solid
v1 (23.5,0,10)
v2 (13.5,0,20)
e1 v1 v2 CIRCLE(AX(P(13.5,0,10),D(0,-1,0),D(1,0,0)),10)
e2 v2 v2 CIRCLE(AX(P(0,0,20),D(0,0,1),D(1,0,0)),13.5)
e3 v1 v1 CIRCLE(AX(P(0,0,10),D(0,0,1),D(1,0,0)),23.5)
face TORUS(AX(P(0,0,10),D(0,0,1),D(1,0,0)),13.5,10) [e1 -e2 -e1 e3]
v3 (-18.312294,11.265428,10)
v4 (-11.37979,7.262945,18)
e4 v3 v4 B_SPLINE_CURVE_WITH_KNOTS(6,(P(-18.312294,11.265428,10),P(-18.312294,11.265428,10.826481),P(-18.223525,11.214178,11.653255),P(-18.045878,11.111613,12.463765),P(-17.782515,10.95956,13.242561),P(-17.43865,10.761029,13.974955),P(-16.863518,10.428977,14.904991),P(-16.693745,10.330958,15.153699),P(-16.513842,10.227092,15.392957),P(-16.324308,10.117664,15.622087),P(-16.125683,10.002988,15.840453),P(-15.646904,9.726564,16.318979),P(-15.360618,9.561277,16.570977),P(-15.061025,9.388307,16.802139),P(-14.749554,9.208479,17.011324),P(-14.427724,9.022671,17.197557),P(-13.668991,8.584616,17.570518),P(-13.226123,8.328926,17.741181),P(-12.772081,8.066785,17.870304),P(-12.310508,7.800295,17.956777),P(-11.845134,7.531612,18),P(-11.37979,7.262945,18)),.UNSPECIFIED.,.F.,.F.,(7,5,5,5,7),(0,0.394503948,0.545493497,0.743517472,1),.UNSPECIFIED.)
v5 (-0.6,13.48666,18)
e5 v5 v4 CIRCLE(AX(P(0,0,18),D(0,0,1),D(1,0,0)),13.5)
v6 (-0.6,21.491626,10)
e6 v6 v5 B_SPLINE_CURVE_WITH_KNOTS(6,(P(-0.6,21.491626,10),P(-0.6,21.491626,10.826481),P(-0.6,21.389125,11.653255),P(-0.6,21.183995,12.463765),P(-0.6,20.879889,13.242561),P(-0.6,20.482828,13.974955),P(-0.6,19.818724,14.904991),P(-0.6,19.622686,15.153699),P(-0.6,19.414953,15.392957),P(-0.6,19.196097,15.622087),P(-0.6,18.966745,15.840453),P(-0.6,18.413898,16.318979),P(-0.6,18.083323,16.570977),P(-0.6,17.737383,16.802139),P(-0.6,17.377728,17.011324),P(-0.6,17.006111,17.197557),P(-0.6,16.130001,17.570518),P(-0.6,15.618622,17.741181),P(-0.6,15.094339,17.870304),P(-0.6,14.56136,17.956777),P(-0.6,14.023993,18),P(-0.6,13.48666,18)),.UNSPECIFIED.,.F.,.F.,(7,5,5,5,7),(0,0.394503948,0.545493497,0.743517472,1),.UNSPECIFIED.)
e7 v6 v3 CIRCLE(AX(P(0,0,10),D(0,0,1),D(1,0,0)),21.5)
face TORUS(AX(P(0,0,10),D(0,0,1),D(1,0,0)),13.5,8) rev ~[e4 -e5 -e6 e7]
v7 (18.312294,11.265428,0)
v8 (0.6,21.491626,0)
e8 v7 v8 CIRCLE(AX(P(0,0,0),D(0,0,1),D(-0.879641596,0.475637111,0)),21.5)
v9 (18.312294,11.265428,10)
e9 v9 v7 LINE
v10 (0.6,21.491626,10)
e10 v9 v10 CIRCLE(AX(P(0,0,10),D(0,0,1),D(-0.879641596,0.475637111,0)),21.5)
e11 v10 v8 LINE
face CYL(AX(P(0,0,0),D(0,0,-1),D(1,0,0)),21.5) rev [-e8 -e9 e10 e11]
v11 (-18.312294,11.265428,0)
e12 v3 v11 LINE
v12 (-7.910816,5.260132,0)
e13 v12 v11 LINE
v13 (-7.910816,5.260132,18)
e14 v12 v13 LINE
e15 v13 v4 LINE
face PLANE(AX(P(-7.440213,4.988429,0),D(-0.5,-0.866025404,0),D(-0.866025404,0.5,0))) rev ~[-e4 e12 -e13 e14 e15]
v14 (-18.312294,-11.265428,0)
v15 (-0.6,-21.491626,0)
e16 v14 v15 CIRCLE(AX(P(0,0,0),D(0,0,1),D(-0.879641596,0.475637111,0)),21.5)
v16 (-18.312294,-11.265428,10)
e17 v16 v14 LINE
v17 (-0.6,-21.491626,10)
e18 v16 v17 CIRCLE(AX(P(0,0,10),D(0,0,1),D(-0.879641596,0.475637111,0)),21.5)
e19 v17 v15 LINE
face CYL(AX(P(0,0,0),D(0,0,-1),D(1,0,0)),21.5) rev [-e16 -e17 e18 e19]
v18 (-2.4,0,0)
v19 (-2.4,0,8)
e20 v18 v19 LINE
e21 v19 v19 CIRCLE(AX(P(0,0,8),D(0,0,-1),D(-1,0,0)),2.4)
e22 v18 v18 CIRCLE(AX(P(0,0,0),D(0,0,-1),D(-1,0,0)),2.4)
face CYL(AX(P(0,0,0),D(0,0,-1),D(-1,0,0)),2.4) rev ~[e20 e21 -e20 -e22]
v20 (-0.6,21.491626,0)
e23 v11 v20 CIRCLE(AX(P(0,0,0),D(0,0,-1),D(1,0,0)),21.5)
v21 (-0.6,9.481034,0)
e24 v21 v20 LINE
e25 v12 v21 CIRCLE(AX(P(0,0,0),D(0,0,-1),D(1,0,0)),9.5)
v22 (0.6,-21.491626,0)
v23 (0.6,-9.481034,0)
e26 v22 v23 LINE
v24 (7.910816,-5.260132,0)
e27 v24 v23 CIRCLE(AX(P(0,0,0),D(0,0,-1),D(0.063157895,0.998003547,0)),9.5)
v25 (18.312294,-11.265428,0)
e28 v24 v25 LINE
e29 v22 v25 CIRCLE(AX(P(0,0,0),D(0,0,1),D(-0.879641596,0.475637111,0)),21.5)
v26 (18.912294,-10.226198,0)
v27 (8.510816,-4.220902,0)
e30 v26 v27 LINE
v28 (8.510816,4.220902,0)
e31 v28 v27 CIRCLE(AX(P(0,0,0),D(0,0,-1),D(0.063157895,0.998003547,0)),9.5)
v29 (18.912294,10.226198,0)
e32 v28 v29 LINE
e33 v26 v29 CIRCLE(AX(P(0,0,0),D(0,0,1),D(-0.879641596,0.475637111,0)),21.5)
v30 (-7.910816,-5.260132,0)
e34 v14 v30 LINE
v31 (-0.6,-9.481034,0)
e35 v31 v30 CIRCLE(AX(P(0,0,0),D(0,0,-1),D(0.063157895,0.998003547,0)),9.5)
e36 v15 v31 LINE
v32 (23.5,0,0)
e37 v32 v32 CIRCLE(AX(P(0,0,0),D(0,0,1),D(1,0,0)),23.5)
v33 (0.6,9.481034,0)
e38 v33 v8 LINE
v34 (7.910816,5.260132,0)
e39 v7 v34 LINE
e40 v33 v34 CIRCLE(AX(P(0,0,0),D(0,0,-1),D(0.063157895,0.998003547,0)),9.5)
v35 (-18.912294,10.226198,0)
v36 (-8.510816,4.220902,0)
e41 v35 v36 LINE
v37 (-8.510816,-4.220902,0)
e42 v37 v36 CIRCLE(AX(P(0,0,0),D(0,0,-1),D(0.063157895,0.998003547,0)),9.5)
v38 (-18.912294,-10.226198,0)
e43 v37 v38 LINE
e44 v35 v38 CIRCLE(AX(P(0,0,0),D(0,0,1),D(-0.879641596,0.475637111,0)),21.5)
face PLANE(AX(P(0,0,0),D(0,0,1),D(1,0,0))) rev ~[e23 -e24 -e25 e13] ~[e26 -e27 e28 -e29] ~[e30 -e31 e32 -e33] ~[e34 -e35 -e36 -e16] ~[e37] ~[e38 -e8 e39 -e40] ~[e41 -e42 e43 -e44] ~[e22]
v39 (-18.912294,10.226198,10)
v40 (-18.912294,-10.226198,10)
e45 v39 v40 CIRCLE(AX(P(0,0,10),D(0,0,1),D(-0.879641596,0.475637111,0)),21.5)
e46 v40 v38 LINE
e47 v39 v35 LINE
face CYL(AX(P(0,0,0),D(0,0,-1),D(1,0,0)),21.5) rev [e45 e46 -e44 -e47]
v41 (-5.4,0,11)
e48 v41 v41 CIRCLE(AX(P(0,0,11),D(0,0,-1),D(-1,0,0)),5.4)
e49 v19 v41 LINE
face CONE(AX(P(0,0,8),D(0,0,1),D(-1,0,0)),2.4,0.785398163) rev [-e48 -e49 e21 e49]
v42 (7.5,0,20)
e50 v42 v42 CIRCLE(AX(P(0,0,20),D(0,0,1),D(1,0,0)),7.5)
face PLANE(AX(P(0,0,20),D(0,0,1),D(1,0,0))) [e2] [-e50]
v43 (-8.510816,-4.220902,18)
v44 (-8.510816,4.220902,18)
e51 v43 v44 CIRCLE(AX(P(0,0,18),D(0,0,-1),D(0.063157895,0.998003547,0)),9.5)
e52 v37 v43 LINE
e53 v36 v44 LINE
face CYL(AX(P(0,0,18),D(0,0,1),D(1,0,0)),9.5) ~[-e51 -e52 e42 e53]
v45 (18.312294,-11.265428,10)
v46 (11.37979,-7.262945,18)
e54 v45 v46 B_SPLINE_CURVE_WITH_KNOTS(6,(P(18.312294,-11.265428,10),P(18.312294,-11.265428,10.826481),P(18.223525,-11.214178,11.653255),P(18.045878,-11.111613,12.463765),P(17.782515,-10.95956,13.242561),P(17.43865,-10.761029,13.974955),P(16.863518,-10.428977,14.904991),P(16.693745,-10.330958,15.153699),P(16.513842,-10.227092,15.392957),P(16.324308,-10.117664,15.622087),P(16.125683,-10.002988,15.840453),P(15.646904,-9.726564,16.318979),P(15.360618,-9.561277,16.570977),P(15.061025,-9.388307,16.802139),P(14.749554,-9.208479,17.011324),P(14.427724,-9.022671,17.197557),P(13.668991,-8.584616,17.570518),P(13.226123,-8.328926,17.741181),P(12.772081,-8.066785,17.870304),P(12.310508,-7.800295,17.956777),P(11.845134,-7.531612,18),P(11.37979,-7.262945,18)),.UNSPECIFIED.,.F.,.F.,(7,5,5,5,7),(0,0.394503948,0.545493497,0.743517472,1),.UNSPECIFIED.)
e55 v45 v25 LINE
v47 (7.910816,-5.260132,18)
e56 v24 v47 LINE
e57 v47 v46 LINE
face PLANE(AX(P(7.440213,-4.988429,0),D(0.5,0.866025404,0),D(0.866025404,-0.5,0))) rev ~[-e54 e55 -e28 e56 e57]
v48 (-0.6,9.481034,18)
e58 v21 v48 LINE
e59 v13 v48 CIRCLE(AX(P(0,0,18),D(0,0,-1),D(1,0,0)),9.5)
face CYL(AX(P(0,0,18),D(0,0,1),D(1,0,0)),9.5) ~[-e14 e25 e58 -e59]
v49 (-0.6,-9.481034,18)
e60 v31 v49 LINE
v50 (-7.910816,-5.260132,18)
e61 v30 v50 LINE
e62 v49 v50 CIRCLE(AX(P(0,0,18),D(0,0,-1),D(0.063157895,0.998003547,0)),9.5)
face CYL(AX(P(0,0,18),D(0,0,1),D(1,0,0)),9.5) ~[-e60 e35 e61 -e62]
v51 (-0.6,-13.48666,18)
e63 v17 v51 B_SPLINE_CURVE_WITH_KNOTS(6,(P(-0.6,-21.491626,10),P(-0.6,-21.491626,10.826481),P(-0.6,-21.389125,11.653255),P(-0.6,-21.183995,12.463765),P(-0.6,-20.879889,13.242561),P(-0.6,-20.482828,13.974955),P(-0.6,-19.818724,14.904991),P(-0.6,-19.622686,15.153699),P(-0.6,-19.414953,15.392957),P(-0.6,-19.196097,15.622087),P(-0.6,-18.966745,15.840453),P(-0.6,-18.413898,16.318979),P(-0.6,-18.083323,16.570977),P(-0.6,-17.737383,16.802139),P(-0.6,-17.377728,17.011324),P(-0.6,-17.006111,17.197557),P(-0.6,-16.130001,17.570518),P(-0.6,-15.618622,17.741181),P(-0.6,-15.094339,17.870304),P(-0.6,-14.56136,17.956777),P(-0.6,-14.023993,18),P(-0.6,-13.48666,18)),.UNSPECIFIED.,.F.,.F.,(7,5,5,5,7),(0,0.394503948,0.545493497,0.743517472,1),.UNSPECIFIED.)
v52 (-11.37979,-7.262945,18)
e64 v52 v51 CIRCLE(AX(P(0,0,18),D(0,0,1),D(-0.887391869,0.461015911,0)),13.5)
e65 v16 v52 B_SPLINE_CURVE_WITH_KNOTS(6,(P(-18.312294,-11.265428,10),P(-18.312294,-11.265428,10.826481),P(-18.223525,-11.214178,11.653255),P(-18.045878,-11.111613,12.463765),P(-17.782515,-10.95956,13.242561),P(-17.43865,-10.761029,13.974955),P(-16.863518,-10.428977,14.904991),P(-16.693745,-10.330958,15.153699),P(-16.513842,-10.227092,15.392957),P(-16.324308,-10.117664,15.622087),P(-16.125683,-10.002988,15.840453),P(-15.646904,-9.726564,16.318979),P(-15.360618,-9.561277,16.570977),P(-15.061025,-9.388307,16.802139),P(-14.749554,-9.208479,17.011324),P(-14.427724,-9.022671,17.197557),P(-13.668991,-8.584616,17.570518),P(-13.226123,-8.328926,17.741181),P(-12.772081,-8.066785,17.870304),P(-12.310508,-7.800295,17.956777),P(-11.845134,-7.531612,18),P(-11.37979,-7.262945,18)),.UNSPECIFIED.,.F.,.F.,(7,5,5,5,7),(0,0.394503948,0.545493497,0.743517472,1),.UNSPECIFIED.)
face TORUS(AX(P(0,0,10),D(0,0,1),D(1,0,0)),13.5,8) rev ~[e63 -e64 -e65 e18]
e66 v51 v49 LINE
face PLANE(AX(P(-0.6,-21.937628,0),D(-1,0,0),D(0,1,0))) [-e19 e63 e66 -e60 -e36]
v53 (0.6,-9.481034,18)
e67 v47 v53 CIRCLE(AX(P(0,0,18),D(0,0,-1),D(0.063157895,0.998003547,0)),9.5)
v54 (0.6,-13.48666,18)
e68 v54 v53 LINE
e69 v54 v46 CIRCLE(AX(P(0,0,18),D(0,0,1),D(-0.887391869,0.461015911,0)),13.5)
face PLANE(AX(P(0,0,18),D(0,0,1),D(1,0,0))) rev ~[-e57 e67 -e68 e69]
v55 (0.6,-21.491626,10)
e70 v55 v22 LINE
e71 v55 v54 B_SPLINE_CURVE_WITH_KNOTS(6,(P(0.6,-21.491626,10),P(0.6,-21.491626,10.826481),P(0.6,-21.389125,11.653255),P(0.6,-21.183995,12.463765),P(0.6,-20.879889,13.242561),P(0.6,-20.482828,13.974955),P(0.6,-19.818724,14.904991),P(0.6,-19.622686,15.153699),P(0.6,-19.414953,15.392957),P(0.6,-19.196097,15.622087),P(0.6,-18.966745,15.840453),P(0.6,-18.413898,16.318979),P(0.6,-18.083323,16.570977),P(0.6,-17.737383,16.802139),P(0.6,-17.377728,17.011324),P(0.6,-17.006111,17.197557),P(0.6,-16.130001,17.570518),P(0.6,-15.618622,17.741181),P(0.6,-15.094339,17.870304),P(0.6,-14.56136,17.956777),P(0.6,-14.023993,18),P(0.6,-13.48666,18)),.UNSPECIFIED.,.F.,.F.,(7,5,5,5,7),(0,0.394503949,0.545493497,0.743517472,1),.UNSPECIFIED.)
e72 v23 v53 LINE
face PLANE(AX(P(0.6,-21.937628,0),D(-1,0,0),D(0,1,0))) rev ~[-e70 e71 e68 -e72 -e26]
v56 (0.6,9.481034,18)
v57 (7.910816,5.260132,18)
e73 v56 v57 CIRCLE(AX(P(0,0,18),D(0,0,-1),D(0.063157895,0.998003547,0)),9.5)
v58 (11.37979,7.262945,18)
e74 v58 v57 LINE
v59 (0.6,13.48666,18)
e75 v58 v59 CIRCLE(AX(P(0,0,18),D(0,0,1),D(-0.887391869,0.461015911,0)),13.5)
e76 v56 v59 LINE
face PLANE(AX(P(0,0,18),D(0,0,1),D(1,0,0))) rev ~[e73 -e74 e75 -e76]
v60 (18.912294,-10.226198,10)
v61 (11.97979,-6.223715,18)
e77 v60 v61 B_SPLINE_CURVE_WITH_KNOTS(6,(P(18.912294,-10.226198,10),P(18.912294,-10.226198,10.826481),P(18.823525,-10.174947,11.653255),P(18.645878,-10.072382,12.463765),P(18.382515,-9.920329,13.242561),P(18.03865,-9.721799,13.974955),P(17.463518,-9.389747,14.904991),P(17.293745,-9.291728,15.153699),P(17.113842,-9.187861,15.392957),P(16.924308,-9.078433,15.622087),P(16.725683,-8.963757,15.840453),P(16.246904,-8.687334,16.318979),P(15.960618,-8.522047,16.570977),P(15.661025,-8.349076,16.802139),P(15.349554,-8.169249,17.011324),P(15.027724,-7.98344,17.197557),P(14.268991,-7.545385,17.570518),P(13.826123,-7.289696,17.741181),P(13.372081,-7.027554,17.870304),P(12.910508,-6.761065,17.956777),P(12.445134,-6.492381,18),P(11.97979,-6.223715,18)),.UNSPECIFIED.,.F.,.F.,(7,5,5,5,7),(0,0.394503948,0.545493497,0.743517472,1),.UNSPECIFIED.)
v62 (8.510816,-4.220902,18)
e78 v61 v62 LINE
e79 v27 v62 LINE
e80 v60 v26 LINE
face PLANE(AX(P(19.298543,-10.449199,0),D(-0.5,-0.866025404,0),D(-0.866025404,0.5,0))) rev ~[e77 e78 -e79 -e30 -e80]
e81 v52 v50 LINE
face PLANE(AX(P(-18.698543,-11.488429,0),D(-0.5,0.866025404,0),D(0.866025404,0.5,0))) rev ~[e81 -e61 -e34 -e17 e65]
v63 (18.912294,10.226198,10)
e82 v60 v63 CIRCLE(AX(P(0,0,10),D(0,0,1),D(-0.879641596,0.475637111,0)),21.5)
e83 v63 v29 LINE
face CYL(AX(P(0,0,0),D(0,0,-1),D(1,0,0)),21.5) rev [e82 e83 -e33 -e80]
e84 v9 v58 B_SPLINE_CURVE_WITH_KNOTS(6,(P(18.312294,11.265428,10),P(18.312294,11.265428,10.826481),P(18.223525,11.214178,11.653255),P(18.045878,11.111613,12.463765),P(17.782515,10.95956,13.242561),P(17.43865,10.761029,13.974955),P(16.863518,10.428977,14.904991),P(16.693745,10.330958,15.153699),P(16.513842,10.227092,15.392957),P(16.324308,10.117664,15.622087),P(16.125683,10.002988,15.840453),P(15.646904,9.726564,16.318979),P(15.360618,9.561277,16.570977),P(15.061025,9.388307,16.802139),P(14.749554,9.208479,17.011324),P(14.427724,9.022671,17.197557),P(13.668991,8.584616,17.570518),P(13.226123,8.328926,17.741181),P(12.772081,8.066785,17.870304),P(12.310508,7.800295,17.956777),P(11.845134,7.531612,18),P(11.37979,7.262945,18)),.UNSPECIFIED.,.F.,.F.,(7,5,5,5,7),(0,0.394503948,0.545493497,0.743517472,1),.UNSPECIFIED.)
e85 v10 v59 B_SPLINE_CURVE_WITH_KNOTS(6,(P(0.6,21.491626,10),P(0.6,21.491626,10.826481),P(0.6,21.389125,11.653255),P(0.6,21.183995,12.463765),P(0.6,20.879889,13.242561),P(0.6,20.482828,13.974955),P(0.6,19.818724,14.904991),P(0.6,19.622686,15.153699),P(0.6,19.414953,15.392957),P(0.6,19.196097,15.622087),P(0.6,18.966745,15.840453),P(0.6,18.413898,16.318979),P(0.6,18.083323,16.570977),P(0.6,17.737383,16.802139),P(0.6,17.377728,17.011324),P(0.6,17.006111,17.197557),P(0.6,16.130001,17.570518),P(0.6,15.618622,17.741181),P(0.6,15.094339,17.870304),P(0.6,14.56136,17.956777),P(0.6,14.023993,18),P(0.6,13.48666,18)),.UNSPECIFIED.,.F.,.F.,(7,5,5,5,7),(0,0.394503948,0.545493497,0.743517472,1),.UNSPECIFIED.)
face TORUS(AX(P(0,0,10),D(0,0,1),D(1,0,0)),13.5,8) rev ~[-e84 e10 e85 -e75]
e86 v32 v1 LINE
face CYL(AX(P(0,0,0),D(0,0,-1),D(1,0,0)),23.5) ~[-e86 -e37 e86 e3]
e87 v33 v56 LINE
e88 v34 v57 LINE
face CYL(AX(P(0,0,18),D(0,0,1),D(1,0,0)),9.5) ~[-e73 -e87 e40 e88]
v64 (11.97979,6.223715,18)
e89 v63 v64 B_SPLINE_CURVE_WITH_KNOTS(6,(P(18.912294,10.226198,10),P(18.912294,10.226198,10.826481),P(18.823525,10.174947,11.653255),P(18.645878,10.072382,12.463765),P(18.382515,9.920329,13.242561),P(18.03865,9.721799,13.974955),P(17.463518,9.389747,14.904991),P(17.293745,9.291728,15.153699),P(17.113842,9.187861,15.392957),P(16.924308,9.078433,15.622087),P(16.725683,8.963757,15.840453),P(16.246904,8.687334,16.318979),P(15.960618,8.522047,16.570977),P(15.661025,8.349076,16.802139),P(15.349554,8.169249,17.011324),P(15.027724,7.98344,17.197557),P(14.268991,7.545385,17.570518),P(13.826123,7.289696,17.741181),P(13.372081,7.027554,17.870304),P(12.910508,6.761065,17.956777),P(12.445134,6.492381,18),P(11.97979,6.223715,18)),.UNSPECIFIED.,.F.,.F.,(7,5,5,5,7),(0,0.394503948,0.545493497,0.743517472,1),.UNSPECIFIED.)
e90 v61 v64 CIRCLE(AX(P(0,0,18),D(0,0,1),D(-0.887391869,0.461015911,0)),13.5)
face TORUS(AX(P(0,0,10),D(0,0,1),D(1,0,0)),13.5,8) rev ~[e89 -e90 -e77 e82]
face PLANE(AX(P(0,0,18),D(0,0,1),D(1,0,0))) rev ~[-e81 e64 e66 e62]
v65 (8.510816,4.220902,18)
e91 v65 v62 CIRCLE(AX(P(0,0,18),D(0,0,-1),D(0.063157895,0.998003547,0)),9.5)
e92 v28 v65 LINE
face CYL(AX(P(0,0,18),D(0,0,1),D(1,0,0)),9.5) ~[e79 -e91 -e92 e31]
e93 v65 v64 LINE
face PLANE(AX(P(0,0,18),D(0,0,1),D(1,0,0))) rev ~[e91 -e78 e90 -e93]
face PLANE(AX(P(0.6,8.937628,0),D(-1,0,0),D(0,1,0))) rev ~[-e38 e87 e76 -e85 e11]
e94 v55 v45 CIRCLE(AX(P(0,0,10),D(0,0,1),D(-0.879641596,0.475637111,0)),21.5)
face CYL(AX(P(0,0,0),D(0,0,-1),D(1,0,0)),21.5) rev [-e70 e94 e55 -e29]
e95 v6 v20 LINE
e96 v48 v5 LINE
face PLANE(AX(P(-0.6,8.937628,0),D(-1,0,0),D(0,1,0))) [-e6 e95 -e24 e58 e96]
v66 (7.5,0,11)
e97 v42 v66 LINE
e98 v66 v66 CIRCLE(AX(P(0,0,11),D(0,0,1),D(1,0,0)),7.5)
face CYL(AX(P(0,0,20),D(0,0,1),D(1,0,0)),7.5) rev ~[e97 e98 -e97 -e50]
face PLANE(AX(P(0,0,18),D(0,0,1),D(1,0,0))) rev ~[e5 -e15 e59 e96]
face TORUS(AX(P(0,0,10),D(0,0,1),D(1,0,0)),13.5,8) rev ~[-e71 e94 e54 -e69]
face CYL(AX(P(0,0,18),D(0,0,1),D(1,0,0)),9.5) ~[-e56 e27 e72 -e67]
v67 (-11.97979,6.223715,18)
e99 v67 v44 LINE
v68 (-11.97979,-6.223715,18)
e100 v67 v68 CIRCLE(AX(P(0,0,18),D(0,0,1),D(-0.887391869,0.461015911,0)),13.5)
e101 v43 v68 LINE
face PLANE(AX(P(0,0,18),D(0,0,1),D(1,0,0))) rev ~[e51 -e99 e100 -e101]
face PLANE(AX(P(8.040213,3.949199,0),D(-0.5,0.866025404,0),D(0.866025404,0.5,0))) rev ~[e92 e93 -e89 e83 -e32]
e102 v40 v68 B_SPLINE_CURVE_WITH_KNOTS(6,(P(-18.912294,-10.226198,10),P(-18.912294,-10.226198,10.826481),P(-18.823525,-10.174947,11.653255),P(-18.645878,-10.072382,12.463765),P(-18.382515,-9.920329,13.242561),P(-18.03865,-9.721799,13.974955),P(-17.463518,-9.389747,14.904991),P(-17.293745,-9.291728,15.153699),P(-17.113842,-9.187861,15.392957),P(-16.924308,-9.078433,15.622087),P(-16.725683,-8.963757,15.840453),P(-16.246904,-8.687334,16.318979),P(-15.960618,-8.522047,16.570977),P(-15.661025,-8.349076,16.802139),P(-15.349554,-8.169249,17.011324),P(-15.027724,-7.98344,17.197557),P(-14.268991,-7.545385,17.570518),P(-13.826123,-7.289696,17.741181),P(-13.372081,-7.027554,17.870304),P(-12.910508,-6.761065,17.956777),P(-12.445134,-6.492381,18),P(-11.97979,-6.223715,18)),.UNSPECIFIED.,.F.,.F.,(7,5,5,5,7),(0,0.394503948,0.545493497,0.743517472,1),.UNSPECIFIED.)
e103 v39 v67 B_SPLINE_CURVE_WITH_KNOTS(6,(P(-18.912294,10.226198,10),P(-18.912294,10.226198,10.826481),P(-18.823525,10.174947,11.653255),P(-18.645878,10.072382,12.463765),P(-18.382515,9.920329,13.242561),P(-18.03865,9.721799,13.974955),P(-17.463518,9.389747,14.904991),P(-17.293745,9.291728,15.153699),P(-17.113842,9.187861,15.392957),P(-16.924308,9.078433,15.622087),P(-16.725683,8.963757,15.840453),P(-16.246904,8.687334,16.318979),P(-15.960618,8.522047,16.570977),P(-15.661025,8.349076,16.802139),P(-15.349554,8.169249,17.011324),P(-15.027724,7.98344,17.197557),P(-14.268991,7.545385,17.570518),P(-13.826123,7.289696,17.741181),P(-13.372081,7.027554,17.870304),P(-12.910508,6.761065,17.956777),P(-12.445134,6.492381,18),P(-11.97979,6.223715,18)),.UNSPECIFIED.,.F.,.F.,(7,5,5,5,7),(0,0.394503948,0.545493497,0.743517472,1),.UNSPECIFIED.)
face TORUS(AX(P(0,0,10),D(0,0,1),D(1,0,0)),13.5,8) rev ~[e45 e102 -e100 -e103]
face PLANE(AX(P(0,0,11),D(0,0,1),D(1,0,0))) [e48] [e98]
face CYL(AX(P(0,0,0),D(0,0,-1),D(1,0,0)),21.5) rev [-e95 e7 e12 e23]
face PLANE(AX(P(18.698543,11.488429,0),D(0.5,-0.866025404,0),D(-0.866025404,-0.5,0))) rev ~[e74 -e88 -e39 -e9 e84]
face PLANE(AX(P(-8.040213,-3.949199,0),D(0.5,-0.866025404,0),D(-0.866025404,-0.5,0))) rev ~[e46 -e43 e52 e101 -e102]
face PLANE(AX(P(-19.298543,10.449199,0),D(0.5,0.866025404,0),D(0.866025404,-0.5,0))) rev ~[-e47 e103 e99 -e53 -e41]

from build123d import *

# Parameters (mm, degrees)
SKETCH_2_R          = 23.5
EXTRUDE_1_DEPTH     = 20
FILLET_3_R          = 10
SHELL_2_T           = -2
SKETCH_5_R          = 9.5
EXTRUDE_2_DEPTH     = 18
SKETCH_6_R          = 2.4
CUT_EXTRUDE_1_DEPTH = 39.787884706
EXTRUDE_3_REACH     = 40.788
SKETCH_7_W          = 1.2
SKETCH_7_H          = 13
SKETCH_8_R          = 7.5
CUT_EXTRUDE_2_DEPTH = 9
CHAMFER_1_SIZE      = 3


with BuildPart() as part:
    # Эскиз2 → Бобышка-Вытянуть1 (new body)
    with BuildSketch(Plane.XY):
        Circle(SKETCH_2_R)
    extrude(amount=EXTRUDE_1_DEPTH)

    # Скругление3
    fillet_3_edges = [part.edges().sort_by_distance(p)[0] for p in [
        (-23.5, 0, 20),
    ]]
    fillet(fillet_3_edges, radius=FILLET_3_R)

    # Оболочка2
    shell_2_openings = [part.faces().sort_by_distance(p)[0] for p in [
        (0, 0, 0),
    ]]
    offset(amount=SHELL_2_T, openings=shell_2_openings, kind=Kind.INTERSECTION)

    # Эскиз5 → Бобышка-Вытянуть2 (add)
    with BuildSketch(Plane(origin=(0, 0, 18), x_dir=(-1, 0, 0), z_dir=(0, 0, -1))):
        with Locations(Location((0, 0, 0), (0, 0, 180))):
            Circle(SKETCH_5_R)
    extrude(amount=EXTRUDE_2_DEPTH)

    # Эскиз6 → Вырез-Вытянуть1 (cut, through all)
    with BuildSketch(Plane(origin=(0, 0, 0), x_dir=(-1, 0, 0), z_dir=(0, 0, -1))):
        Circle(SKETCH_6_R)
    extrude(amount=-CUT_EXTRUDE_1_DEPTH, mode=Mode.SUBTRACT)

    # Эскиз7 → Бобышка-Вытянуть3 (add, up to next)
    with BuildSketch(Plane(origin=(0, 0, 0), x_dir=(-1, 0, 0), z_dir=(0, 0, -1)), mode=Mode.PRIVATE) as extrude_3_sk1:
        with Locations((0, 15.437627965)):
            Rectangle(SKETCH_7_W, SKETCH_7_H)
    extrude_3_tool1 = extrude(extrude_3_sk1.sketch, amount=-EXTRUDE_3_REACH, mode=Mode.PRIVATE) - part.part
    # Эскиз7 → Бобышка-Вытянуть3 (add, up to next)
    with BuildSketch(Plane(origin=(0, 0, 0), x_dir=(-1, 0, 0), z_dir=(0, 0, -1)), mode=Mode.PRIVATE) as extrude_3_sk2:
        Polygon((7.440212867, 4.988429225), (18.698543116, 11.488429225), (19.298543116, 10.44919874), (8.040212867, 3.94919874), align=None)
    extrude_3_tool2 = extrude(extrude_3_sk2.sketch, amount=-EXTRUDE_3_REACH, mode=Mode.PRIVATE) - part.part
    # Эскиз7 → Бобышка-Вытянуть3 (add, up to next)
    with BuildSketch(Plane(origin=(0, 0, 0), x_dir=(-1, 0, 0), z_dir=(0, 0, -1)), mode=Mode.PRIVATE) as extrude_3_sk3:
        Polygon((8.040212867, -3.94919874), (19.298543117, -10.44919874), (18.698543117, -11.488429225), (7.440212867, -4.988429225), align=None)
    extrude_3_tool3 = extrude(extrude_3_sk3.sketch, amount=-EXTRUDE_3_REACH, mode=Mode.PRIVATE) - part.part
    # Эскиз7 → Бобышка-Вытянуть3 (add, up to next)
    with BuildSketch(Plane(origin=(0, 0, 0), x_dir=(-1, 0, 0), z_dir=(0, 0, -1)), mode=Mode.PRIVATE) as extrude_3_sk4:
        with Locations((0, -15.437627965)):
            Rectangle(SKETCH_7_W, SKETCH_7_H)
    extrude_3_tool4 = extrude(extrude_3_sk4.sketch, amount=-EXTRUDE_3_REACH, mode=Mode.PRIVATE) - part.part
    # Эскиз7 → Бобышка-Вытянуть3 (add, up to next)
    with BuildSketch(Plane(origin=(0, 0, 0), x_dir=(-1, 0, 0), z_dir=(0, 0, -1)), mode=Mode.PRIVATE) as extrude_3_sk5:
        Polygon((-7.440212867, -4.988429225), (-18.698543116, -11.488429225), (-19.298543116, -10.44919874), (-8.040212867, -3.94919874), align=None)
    extrude_3_tool5 = extrude(extrude_3_sk5.sketch, amount=-EXTRUDE_3_REACH, mode=Mode.PRIVATE) - part.part
    # Эскиз7 → Бобышка-Вытянуть3 (add, up to next)
    with BuildSketch(Plane(origin=(0, 0, 0), x_dir=(-1, 0, 0), z_dir=(0, 0, -1)), mode=Mode.PRIVATE) as extrude_3_sk6:
        Polygon((-8.040212867, 3.94919874), (-19.298543116, 10.44919874), (-18.698543116, 11.488429225), (-7.440212867, 4.988429225), align=None)
    extrude_3_tool6 = extrude(extrude_3_sk6.sketch, amount=-EXTRUDE_3_REACH, mode=Mode.PRIVATE) - part.part
    add(extrude_3_tool1.solids().sort_by_distance((0, 15.437628, 0))[0])
    add(extrude_3_tool2.solids().sort_by_distance((-13.369378, 7.718814, 0))[0])
    add(extrude_3_tool3.solids().sort_by_distance((-13.369378, -7.718814, 0))[0])
    add(extrude_3_tool4.solids().sort_by_distance((0, -15.437628, 0))[0])
    add(extrude_3_tool5.solids().sort_by_distance((13.369378, -7.718814, 0))[0])
    add(extrude_3_tool6.solids().sort_by_distance((13.369378, 7.718814, 0))[0])

    # Эскиз8 → Вырез-Вытянуть2 (cut)
    with BuildSketch(Plane.XY.offset(20)):
        Circle(SKETCH_8_R)
    extrude(amount=-CUT_EXTRUDE_2_DEPTH, mode=Mode.SUBTRACT)

    # Фаска1
    chamfer_1_edges = [part.edges().sort_by_distance(p)[0] for p in [
        (2.4, 0, 11),
    ]]
    chamfer(chamfer_1_edges, length=CHAMFER_1_SIZE)


solid = part.part
